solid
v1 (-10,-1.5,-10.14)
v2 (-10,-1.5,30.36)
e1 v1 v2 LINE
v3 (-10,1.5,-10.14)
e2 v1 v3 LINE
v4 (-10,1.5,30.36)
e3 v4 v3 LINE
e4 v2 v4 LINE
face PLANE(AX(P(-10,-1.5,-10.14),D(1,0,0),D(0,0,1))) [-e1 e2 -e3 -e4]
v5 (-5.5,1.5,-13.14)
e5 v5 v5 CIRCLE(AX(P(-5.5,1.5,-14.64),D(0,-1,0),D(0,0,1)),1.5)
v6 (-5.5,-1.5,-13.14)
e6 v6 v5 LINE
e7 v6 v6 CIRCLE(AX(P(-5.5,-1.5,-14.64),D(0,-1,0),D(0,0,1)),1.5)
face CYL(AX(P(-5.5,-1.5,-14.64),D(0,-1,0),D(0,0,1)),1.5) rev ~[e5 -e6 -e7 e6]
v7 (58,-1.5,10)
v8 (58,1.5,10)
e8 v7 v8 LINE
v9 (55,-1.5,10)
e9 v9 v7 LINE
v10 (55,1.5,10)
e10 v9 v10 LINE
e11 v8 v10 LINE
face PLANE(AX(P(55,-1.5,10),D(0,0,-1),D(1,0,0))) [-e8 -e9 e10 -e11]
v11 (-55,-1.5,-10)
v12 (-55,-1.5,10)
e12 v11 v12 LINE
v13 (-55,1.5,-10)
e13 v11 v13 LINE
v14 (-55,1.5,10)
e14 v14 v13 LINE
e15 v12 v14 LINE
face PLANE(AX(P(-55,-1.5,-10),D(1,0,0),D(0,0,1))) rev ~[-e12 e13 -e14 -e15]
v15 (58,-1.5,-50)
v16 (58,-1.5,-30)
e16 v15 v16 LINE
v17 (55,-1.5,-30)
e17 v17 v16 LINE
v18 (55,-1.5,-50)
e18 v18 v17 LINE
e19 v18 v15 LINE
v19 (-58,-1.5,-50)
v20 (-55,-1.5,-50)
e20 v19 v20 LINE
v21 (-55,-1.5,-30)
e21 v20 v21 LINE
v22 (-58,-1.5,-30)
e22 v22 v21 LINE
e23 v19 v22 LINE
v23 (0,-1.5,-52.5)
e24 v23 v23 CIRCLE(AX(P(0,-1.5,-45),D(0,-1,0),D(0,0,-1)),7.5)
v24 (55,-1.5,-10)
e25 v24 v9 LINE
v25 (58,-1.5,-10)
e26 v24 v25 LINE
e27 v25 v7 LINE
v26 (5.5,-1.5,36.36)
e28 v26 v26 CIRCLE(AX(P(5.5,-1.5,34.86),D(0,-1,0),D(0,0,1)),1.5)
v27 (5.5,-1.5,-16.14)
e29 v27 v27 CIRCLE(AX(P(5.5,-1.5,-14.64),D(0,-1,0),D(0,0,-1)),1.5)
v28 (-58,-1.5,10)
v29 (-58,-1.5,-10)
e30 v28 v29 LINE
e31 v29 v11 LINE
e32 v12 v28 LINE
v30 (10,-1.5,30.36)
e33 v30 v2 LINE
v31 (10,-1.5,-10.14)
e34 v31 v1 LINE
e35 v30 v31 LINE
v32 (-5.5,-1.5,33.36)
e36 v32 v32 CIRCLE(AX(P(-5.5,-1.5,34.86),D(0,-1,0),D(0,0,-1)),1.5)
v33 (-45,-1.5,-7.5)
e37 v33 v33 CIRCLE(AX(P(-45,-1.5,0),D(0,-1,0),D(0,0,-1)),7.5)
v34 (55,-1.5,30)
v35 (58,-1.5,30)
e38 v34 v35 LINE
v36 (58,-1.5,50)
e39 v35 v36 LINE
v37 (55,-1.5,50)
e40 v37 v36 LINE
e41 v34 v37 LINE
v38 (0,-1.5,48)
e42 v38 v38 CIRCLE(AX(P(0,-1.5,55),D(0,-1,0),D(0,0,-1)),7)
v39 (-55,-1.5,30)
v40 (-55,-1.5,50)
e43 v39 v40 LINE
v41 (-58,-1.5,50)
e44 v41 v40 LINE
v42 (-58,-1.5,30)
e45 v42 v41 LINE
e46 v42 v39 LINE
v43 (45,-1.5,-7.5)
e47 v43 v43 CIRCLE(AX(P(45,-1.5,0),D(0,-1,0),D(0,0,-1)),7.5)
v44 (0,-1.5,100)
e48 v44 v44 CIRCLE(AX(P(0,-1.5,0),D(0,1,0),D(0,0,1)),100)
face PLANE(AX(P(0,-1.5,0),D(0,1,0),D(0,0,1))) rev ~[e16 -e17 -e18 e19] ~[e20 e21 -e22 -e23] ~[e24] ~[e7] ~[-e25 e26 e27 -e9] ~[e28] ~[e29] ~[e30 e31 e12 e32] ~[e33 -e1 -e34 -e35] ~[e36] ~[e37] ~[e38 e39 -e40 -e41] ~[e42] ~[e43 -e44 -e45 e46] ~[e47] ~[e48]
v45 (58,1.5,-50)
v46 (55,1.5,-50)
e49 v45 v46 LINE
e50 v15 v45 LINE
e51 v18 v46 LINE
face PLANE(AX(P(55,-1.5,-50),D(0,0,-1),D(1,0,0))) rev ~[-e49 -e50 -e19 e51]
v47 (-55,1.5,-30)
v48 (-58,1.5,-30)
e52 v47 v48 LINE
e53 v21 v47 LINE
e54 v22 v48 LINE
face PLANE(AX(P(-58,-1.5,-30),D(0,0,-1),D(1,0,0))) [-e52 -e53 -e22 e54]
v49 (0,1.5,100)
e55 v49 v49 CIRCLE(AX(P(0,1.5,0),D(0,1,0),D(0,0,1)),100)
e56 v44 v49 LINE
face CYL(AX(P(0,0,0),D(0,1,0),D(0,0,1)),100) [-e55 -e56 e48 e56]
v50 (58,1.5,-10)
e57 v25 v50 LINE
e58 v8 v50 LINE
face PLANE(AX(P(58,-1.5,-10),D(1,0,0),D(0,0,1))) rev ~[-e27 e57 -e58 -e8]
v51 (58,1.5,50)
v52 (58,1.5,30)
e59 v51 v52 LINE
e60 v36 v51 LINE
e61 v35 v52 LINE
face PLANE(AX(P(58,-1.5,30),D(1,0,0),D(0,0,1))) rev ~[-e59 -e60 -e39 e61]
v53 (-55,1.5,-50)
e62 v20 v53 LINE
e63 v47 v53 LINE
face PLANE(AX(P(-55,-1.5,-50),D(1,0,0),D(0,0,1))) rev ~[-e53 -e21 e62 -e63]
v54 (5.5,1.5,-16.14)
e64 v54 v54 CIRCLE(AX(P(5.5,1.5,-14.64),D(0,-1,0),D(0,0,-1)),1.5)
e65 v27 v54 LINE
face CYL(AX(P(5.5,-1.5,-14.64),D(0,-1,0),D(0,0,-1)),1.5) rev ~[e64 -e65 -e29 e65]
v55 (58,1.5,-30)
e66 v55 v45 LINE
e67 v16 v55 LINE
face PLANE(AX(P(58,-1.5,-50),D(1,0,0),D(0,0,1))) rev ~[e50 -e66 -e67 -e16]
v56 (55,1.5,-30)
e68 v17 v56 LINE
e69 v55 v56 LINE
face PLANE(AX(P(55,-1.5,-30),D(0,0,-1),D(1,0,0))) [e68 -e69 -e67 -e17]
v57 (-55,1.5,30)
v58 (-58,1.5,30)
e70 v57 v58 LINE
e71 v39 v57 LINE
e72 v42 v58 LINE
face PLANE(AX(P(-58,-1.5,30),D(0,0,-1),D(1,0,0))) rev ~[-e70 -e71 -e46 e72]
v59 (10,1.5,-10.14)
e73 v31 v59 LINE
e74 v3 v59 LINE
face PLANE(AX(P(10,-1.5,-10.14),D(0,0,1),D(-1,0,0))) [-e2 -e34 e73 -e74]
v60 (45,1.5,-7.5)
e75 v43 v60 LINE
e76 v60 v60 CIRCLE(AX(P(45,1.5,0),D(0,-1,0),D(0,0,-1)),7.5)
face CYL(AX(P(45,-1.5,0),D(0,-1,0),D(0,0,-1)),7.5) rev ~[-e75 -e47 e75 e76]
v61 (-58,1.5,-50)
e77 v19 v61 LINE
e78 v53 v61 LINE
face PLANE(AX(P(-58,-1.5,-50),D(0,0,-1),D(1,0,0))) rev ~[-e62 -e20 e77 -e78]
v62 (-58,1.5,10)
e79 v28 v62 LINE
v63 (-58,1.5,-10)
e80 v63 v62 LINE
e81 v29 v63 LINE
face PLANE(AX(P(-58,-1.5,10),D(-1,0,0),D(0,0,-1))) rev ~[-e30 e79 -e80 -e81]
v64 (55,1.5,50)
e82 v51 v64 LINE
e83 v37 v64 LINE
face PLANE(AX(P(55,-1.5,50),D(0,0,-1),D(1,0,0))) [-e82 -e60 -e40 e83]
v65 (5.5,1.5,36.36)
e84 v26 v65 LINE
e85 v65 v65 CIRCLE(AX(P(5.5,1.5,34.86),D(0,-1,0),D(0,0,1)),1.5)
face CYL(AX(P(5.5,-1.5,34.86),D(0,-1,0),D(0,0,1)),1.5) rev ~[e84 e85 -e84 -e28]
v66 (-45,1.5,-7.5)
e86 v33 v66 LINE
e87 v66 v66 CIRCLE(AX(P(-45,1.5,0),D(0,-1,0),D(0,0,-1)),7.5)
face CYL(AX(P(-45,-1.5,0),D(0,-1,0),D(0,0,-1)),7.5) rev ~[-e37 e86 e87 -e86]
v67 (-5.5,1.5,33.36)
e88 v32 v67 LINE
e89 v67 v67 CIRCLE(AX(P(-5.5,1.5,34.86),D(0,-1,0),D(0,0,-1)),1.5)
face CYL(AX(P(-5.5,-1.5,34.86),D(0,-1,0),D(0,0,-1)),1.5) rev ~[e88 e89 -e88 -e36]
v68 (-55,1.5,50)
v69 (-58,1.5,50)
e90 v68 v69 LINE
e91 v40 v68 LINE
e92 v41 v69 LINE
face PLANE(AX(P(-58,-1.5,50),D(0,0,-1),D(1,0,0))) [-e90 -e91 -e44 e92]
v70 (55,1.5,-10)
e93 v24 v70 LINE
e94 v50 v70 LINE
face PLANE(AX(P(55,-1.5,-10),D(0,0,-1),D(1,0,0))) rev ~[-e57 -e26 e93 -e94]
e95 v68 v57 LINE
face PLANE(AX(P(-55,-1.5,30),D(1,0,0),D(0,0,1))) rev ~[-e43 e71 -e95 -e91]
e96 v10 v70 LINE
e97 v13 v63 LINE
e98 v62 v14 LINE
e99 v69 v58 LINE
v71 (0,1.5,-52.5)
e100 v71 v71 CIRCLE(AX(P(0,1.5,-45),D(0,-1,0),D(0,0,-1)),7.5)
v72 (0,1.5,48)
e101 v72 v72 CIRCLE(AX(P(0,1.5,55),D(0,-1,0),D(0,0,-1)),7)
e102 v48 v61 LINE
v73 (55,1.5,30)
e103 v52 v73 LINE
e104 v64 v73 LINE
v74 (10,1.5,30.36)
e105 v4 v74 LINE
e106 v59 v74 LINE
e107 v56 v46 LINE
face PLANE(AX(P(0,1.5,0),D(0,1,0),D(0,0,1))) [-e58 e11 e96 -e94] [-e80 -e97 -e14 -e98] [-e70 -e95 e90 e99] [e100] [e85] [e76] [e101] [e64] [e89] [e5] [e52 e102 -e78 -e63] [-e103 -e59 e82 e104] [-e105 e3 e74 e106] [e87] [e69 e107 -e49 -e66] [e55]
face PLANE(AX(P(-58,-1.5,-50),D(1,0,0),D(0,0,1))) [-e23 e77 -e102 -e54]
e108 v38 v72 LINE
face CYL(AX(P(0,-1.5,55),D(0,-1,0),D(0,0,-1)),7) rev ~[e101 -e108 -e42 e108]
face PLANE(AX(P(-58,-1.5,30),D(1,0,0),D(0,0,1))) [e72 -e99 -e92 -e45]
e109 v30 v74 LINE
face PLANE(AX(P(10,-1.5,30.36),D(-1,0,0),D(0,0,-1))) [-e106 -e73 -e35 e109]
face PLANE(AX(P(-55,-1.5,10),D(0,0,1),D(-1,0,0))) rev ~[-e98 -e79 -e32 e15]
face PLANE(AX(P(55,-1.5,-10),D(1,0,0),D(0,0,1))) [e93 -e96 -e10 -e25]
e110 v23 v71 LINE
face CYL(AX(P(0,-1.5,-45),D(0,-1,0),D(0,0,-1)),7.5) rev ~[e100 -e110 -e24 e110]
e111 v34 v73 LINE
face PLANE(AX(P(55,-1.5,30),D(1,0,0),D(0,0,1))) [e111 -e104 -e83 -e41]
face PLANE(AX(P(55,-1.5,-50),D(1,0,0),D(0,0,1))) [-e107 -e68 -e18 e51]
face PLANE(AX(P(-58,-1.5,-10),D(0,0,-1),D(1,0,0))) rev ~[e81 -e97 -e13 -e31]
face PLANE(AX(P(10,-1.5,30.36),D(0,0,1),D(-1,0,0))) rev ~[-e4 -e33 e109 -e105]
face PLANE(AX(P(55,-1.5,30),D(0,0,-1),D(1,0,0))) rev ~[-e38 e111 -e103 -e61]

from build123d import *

# Parameters (mm, degrees)
SKETCH2_R           = 100
BOSS_EXTRUDE1_DEPTH = 1.5
CUT_EXTRUDE2_DEPTH  = 10
SKETCH6_R           = 7.5
SKETCH6_R_2         = 7
CUT_EXTRUDE3_DEPTH  = 10
SKETCH3_W           = 3
SKETCH3_H           = 20
CUT_EXTRUDE4_DEPTH  = 10
SKETCH7_R           = 1.5
CUT_EXTRUDE5_DEPTH  = 10


with BuildPart() as part:
    # Sketch2 → Boss-Extrude1 (new, symmetric)
    with BuildSketch(Plane(origin=(0, 0, 0), x_dir=(1, 0, 0), z_dir=(0, 1, 0))):
        with Locations(Location((0, 0, 0), (0, 0, 270))):
            Circle(SKETCH2_R)
    extrude(amount=BOSS_EXTRUDE1_DEPTH, both=True)

    # Sketch5 → Cut-Extrude2 (cut)
    with BuildSketch(Plane.XZ.offset(1.5)):
        Polygon((0, 30.36), (10, 30.36), (10, -10.14), (-10, -10.14), (-10, 30.36), align=None)
    extrude(amount=-CUT_EXTRUDE2_DEPTH, mode=Mode.SUBTRACT)

    # Sketch6 → Cut-Extrude3 (cut)
    with BuildSketch(Plane.XZ.offset(1.5)):
        with Locations(Location((-45, 0, 0), (0, 0, 270))):
            Circle(SKETCH6_R)
        with Locations(Location((0, -45, 0), (0, 0, 270))):
            Circle(SKETCH6_R)
        with Locations(Location((45, 0, 0), (0, 0, 270))):
            Circle(SKETCH6_R)
        with Locations(Location((0, 55, 0), (0, 0, 270))):
            Circle(SKETCH6_R_2)
    extrude(amount=-CUT_EXTRUDE3_DEPTH, mode=Mode.SUBTRACT)

    # Sketch3 → Cut-Extrude4 (cut)
    with BuildSketch(Plane.XZ.offset(1.5)):
        with Locations((-56.5, 40)):
            Rectangle(SKETCH3_W, SKETCH3_H)
        Polygon((-55, -10), (-55, 0), (-55, 10), (-58, 10), (-58, 0), (-58, -10), align=None)
        with Locations((-56.5, -40)):
            Rectangle(SKETCH3_W, SKETCH3_H)
        with Locations((56.5, 40)):
            Rectangle(SKETCH3_W, SKETCH3_H)
        with Locations((56.5, 0)):
            Rectangle(SKETCH3_W, SKETCH3_H)
        with Locations((56.5, -40)):
            Rectangle(SKETCH3_W, SKETCH3_H)
    extrude(amount=-CUT_EXTRUDE4_DEPTH, mode=Mode.SUBTRACT)

    # Sketch7 → Cut-Extrude5 (cut)
    with BuildSketch(Plane(origin=(0, -1.5, 0), x_dir=(-1, 0, 0), z_dir=(0, -1, 0))):
        with Locations(Location((5.5, -34.86, 0), (0, 0, 90))):
            Circle(SKETCH7_R)
        with Locations(Location((-5.5, -34.86, 0), (0, 0, 270))):
            Circle(SKETCH7_R)
        with Locations(Location((-5.5, 14.64, 0), (0, 0, 90))):
            Circle(SKETCH7_R)
        with Locations(Location((5.5, 14.64, 0), (0, 0, 270))):
            Circle(SKETCH7_R)
    extrude(amount=-CUT_EXTRUDE5_DEPTH, mode=Mode.SUBTRACT)


solid = part.part
